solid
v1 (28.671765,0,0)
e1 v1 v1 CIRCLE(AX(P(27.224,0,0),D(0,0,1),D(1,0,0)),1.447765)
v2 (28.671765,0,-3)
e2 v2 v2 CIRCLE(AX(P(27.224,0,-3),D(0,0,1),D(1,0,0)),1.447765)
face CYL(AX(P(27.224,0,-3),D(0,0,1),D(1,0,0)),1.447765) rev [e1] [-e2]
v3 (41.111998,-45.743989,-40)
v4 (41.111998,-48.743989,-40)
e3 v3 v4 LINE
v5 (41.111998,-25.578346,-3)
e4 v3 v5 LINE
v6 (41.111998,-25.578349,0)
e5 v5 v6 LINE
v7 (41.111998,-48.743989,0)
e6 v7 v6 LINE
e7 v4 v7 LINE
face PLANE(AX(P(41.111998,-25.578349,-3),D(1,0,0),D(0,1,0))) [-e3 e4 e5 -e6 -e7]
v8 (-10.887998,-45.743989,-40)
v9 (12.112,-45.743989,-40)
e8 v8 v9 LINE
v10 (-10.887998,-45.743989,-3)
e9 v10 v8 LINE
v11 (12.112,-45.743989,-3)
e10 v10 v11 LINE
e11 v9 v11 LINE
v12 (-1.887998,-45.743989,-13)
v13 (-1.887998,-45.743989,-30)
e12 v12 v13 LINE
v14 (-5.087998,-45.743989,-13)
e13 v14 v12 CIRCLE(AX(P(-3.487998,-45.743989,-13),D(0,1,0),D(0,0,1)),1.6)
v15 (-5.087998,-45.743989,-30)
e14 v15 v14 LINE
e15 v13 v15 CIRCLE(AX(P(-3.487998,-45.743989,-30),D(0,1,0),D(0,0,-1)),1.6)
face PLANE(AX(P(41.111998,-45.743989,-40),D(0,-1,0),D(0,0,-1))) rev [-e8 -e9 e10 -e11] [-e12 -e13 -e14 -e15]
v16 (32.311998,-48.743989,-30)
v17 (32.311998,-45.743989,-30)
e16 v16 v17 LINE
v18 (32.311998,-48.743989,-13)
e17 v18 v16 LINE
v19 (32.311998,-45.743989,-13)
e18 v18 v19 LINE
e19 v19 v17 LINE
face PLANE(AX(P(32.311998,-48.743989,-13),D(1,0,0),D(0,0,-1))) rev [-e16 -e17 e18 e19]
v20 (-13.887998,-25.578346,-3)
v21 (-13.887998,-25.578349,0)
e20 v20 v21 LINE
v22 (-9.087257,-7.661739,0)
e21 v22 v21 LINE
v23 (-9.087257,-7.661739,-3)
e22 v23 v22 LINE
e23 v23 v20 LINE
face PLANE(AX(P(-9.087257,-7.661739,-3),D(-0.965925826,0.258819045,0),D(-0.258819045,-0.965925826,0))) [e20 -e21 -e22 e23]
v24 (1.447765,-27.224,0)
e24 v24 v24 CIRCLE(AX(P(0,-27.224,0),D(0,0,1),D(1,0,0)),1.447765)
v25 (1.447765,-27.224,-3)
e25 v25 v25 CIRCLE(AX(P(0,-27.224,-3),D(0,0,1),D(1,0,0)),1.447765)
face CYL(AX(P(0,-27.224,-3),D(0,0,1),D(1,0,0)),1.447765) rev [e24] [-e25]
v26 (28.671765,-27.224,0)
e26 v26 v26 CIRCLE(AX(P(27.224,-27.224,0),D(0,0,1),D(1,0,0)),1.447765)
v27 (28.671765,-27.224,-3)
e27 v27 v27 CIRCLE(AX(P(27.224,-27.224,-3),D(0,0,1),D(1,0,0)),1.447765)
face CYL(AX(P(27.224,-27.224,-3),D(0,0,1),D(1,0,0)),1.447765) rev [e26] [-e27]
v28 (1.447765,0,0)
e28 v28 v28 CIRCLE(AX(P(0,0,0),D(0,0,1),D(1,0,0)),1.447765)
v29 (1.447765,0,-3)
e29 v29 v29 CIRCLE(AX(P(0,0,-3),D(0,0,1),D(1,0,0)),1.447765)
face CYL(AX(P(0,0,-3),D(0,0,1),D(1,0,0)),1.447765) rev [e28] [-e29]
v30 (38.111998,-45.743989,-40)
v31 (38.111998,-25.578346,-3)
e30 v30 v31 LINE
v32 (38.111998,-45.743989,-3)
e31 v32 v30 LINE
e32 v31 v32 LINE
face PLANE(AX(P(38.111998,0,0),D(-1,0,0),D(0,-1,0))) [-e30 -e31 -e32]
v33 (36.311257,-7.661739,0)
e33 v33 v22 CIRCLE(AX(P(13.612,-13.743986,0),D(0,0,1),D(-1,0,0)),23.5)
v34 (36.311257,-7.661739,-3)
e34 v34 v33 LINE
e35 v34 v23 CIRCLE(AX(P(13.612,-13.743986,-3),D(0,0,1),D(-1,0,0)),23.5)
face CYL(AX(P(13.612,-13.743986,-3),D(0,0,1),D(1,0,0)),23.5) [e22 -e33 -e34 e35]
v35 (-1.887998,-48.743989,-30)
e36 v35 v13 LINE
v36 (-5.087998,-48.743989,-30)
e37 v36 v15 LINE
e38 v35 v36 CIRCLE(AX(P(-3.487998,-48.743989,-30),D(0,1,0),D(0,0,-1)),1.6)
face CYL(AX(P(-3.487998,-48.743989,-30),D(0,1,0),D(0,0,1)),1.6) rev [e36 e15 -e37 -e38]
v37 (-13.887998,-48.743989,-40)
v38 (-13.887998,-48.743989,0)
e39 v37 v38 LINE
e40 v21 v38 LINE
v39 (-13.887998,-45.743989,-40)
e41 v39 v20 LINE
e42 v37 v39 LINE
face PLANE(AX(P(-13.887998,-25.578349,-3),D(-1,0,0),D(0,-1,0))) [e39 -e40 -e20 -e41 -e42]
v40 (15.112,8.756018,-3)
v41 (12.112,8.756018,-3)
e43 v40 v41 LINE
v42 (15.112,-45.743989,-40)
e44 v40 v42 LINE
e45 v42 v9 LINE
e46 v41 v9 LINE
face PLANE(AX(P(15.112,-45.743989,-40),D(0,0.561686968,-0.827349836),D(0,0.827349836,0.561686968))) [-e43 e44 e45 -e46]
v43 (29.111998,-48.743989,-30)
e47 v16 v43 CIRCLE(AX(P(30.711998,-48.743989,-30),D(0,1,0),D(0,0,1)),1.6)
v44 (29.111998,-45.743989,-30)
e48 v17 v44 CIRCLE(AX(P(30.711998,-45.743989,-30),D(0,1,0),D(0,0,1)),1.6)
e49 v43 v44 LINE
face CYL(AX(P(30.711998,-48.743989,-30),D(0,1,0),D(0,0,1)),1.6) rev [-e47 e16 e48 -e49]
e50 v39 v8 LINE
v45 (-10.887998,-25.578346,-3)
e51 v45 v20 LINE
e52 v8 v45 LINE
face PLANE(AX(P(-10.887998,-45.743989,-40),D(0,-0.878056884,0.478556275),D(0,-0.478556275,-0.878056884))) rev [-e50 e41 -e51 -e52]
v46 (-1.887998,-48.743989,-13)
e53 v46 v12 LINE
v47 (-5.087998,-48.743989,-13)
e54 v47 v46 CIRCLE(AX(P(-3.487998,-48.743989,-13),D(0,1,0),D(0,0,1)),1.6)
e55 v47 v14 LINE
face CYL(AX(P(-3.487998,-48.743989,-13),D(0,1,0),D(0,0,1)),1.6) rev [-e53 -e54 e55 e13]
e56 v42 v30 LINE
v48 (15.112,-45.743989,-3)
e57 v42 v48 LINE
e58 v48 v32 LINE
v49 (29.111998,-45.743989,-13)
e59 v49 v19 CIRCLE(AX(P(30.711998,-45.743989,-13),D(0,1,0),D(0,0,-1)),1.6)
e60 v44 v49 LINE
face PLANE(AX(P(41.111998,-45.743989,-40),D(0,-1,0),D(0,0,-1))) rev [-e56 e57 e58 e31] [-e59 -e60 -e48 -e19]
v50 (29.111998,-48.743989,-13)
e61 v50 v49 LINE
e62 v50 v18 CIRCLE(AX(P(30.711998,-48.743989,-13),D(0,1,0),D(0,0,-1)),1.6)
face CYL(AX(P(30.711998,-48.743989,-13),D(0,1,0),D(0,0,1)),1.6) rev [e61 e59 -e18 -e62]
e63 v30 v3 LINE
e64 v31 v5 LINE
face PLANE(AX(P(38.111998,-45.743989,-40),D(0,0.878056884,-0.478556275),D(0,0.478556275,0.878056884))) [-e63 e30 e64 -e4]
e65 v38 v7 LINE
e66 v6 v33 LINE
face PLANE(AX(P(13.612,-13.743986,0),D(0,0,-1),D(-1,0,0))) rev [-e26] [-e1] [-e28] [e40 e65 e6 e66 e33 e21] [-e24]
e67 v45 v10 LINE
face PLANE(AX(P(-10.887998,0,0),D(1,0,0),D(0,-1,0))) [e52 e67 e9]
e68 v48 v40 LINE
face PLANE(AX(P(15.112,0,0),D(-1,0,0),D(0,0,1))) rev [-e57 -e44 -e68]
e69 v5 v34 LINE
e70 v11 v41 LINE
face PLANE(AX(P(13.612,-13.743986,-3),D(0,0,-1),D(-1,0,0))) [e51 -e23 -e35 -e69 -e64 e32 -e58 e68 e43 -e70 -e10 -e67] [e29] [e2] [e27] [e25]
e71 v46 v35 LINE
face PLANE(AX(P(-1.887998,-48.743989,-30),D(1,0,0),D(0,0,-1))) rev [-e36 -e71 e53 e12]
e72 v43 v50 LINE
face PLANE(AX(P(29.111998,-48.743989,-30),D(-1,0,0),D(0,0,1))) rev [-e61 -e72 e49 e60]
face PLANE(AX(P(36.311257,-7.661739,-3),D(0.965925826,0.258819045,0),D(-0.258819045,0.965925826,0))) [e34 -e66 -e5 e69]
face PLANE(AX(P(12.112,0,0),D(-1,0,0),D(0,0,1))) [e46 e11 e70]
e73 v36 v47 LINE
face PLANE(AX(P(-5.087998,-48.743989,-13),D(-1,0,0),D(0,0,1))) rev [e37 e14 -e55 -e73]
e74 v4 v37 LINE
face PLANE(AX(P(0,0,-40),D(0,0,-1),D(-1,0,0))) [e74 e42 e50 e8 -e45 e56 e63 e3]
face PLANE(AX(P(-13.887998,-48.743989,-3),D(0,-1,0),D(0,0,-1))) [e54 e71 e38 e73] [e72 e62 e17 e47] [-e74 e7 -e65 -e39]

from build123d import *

# Parameters (mm, degrees)
SKETCH_1_R           = 1.447765
EXTRUDE_1_DEPTH      = 3
SKETCH_2_W           = 54.999996422
SKETCH_2_H           = 3
EXTRUDE_2_DEPTH      = 37
CUT_EXTRUDE_1_DEPTH  = 3
EXTRUDE_3_DEPTH      = 3
EXTRUDE_4_DEPTH      = 1.5
EXTRUDE_4_DEPTH_BACK = 1.5


with BuildPart() as part:
    # 草图1 → 凸台-拉伸1 (new body)
    with BuildSketch(Plane.XY):
        with BuildLine():
            Line((-13.887998211, -25.578349272), (-13.887998211, -48.743989272))
            Line((-13.887998211, -48.743989272), (41.111998211, -48.743989272))
            Line((41.111998211, -48.743989272), (41.111998211, -25.578349272))
            Line((41.111998211, -25.578349272), (36.311256918, -7.661738854))
            ThreePointArc((36.311256918, -7.661738854), (13.612, 9.756013586), (-9.087256918, -7.661738854))
            Line((-9.087256918, -7.661738854), (-13.887998211, -25.578349272))
        make_face()
        Circle(SKETCH_1_R, mode=Mode.SUBTRACT)
        with Locations((27.224, 0)):
            Circle(SKETCH_1_R, mode=Mode.SUBTRACT)
        with Locations((0, -27.224)):
            Circle(SKETCH_1_R, mode=Mode.SUBTRACT)
        with Locations((27.224, -27.224)):
            Circle(SKETCH_1_R, mode=Mode.SUBTRACT)
    extrude(amount=-EXTRUDE_1_DEPTH)

    # 草图2 → 凸台-拉伸2 (add)
    with BuildSketch(Plane(origin=(0, 0, -3), x_dir=(-1, 0, 0), z_dir=(0, 0, -1))):
        with Locations((-13.612, -47.243989272)):
            Rectangle(SKETCH_2_W, SKETCH_2_H)
    extrude(amount=EXTRUDE_2_DEPTH)

    # 草图3 → 切除-拉伸1 (cut)
    with BuildSketch(Plane(origin=(0, -45.743989272, 0), x_dir=(1, 0, 0), z_dir=(0, 1, 0))):
        with BuildLine():
            Line((32.311998211, 13), (32.311998211, 30))
            ThreePointArc((32.311998211, 30), (30.711998211, 31.6), (29.111998211, 30))
            Line((29.111998211, 30), (29.111998211, 13))
            ThreePointArc((29.111998211, 13), (30.711998211, 11.4), (32.311998211, 13))
        make_face()
        with BuildLine():
            Line((-1.887998211, 30), (-1.887998211, 13))
            ThreePointArc((-1.887998211, 13), (-3.487998211, 11.4), (-5.087998211, 13))
            Line((-5.087998211, 13), (-5.087998211, 30))
            ThreePointArc((-5.087998211, 30), (-3.487998211, 31.6), (-1.887998211, 30))
        make_face()
    extrude(amount=-CUT_EXTRUDE_1_DEPTH, mode=Mode.SUBTRACT)

    # 草图4 → 凸台-拉伸3 (add)
    with BuildSketch(Plane(origin=(41.111998211, 0, 0), x_dir=(0, 0, -1), z_dir=(1, 0, 0))):
        Polygon((40, -45.743989272), (3, -25.578345661), (3, -45.743989272), align=None)
    extrude_3 = extrude(amount=-EXTRUDE_3_DEPTH)

    # 草图13 → 凸台-拉伸4 (add, two sides: drawn at the far end of the back side and taken through both)
    with BuildSketch(Plane(origin=(13.612, 0, 0), x_dir=(0, 1, 0), z_dir=(-1, 0, 0)).offset(-EXTRUDE_4_DEPTH_BACK)):
        Polygon((-45.743989272, 40), (8.756018173, 3), (-45.743989272, 3), align=None)
    extrude(amount=EXTRUDE_4_DEPTH + EXTRUDE_4_DEPTH_BACK)

    # 镜向1: 凸台-拉伸3 across plane
    add(extrude_3.mirror(Plane.ZY.offset(-13.612)))


solid = part.part
